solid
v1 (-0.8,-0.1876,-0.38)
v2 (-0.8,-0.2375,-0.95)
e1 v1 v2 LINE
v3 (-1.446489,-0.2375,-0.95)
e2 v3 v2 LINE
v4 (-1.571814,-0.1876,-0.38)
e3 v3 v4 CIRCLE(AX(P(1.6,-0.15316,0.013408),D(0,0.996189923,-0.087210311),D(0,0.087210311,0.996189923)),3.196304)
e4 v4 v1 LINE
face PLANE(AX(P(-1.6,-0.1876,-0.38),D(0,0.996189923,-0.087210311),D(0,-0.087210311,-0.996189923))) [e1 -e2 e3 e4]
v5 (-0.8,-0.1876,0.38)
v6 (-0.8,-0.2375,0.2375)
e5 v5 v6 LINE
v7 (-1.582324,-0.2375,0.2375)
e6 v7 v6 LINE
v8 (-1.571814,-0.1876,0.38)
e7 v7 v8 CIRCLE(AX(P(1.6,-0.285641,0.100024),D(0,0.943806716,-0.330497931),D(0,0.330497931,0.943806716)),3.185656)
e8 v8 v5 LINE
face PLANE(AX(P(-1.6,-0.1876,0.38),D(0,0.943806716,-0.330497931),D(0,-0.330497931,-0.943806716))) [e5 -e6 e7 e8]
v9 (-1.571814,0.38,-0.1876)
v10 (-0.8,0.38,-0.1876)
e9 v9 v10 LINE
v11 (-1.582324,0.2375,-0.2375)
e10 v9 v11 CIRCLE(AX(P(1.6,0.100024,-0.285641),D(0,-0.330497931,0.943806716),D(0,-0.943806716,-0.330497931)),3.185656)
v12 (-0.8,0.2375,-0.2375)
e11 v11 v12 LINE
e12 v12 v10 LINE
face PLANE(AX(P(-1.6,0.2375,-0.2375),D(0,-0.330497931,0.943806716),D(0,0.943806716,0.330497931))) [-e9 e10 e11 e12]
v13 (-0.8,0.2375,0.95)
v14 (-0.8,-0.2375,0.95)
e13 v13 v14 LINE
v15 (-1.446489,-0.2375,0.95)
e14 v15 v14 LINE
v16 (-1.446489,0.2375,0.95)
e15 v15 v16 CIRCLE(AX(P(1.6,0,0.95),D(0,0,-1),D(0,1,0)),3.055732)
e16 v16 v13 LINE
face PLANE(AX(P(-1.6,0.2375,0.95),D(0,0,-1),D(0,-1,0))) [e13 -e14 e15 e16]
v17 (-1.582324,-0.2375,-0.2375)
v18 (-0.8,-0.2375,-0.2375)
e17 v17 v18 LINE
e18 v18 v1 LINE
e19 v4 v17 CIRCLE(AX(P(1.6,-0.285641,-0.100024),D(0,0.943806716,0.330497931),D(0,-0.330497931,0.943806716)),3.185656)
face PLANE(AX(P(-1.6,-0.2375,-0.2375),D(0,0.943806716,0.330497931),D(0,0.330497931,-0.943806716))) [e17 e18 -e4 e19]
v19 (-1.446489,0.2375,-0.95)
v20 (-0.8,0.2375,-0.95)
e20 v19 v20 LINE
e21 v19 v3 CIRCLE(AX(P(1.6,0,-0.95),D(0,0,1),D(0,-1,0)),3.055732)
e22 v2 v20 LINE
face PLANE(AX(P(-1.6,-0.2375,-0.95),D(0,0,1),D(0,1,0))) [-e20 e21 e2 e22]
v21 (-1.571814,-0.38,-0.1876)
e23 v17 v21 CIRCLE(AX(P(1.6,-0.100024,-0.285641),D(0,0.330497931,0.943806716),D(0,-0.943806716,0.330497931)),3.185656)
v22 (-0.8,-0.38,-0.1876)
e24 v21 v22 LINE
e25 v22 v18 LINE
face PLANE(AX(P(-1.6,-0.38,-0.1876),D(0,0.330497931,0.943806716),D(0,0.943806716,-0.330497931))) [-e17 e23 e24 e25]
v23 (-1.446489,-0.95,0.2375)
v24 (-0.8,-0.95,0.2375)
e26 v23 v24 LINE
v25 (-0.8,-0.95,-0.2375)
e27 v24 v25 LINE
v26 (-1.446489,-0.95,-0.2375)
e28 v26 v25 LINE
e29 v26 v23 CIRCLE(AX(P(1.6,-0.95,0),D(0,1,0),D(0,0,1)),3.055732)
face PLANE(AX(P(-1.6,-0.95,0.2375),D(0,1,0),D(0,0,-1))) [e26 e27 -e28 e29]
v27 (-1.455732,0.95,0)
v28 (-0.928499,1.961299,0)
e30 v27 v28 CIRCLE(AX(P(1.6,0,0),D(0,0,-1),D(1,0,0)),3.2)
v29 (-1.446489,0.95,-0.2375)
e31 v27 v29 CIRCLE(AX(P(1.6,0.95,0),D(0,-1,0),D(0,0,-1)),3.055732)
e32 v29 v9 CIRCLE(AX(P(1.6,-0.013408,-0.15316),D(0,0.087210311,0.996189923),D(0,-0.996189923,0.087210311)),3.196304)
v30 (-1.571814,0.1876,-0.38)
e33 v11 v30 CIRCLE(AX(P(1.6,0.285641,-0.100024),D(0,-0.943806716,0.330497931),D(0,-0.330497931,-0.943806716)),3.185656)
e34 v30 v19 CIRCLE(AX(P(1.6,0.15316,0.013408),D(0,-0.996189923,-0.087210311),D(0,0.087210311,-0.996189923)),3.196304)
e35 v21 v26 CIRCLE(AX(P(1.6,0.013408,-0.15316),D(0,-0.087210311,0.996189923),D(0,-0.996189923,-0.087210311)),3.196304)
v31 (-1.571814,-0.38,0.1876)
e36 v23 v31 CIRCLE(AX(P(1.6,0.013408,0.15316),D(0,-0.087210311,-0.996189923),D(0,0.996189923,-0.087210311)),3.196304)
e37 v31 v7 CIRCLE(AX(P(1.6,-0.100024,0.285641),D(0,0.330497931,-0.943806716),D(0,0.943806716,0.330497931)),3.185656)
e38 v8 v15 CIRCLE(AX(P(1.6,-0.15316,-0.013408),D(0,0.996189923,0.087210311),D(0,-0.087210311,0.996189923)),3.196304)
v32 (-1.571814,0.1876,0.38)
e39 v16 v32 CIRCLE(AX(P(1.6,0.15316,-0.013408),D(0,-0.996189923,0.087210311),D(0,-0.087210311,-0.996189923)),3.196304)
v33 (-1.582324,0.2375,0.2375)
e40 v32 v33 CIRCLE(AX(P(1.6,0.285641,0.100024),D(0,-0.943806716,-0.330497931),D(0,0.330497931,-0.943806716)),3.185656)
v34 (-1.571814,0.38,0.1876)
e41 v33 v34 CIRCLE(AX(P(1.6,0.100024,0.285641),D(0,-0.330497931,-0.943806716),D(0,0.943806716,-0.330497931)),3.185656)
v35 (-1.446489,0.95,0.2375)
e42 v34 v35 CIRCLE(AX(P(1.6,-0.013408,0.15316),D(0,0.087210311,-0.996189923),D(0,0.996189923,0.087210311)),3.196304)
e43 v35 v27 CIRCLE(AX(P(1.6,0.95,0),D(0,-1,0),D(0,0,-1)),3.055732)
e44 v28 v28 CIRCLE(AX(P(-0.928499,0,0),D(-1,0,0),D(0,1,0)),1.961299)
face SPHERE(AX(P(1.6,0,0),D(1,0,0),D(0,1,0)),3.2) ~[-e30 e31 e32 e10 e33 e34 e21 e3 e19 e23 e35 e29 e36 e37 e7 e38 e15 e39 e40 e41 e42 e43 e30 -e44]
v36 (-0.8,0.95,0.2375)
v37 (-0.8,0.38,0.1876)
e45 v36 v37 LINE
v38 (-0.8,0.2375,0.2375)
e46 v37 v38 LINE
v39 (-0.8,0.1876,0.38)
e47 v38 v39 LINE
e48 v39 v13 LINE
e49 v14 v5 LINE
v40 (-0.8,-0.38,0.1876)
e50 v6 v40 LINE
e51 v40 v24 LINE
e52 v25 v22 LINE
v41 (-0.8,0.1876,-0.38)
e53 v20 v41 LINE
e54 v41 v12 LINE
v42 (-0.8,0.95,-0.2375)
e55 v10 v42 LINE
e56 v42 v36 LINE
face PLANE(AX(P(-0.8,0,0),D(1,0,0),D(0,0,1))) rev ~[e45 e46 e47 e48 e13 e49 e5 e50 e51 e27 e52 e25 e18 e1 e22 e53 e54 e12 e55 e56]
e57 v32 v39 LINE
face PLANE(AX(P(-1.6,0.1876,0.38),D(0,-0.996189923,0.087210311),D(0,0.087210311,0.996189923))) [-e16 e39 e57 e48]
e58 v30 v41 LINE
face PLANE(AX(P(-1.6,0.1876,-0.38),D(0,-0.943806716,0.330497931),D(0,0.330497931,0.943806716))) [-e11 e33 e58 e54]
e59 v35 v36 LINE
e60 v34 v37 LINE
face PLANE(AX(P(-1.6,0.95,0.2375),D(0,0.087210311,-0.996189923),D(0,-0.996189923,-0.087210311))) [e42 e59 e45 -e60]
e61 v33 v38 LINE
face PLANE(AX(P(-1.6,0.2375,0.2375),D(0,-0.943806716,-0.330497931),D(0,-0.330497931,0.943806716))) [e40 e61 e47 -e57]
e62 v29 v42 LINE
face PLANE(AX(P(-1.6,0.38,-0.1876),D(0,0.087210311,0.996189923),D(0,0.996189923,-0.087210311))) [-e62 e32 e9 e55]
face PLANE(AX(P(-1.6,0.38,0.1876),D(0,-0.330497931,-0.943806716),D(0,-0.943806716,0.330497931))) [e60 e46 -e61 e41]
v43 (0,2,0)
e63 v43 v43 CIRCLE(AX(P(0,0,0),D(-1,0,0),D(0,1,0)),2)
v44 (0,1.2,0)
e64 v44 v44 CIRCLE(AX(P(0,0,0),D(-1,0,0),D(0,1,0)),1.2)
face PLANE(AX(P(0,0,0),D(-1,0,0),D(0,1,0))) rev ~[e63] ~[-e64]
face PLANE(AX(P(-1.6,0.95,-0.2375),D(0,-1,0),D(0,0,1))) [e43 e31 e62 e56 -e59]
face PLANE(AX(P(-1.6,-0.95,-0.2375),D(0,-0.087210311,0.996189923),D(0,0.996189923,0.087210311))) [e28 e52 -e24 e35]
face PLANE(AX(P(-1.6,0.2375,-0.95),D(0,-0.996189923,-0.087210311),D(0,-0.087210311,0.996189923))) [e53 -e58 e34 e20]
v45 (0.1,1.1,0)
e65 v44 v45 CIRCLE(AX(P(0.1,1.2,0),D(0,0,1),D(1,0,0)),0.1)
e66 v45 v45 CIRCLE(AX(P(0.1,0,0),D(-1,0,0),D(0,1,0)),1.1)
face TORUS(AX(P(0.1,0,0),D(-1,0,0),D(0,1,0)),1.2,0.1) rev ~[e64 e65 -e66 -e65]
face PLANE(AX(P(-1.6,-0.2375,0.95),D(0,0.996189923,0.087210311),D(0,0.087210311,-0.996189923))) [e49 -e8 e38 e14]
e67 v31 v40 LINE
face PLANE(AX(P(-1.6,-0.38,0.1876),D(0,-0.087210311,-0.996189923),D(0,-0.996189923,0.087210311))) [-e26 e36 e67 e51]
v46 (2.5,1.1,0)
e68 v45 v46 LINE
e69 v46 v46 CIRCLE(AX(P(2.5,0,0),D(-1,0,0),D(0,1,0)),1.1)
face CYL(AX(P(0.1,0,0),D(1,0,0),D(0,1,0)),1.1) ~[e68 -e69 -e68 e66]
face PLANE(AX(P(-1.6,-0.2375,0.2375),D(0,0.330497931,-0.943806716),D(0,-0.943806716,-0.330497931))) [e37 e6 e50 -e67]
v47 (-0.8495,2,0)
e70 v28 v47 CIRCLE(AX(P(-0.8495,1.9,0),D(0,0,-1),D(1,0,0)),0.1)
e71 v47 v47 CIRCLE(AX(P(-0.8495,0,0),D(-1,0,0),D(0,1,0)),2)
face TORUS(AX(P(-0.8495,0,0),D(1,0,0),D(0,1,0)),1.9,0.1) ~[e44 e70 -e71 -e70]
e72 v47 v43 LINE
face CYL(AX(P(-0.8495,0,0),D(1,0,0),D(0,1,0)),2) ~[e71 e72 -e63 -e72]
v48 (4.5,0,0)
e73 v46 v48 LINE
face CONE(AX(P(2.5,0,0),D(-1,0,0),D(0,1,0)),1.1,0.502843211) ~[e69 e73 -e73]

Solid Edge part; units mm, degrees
sketch "Sketch1" plane through (0, 0, 0) normal (0, 0, 1) x (1, 0, 0)
  arc A0 (-1.6, 0) -> (-0.9285, 1.9613) centre (1.6, 0) cw
  arc A1 (-0.9285, 1.9613) -> (-0.8495, 2) centre (-0.8495, 1.9) cw
  line L0 (-0.8495, 2) -> (0, 2)
  line L1 (0, 2) -> (0, 1.2)
  arc A2 (0, 1.2) -> (0.1, 1.1) centre (0.1, 1.2) ccw
  line L2 (0.1, 1.1) -> (2.5, 1.1)
  line L3 (2.5, 1.1) -> (4.5, 0)
  line L4 (4.5, 0) -> (-1.6, 0)
revolve "RevolvedProtrusion1" add sketch "Sketch1" angle 360 about axis through (4.5, 0, 0) along (-1, 0, 0)
cosmetic_thread "Thread1" size "M2.2"
sketch "Sketch2" plane through (-1.6, 0, 0) normal (1, 0, 0) x (0, 1, 0)
  line L0 (0.2375, 0.95) -> (-0.2375, 0.95)
  line L1 (-0.2375, 0.95) -> (-0.1876, 0.38)
  line L2 (-0.1876, 0.38) -> (-0.2375, 0.2375)
  line L3 (-0.2375, 0.2375) -> (-0.38, 0.1876)
  line L4 (-0.38, 0.1876) -> (-0.95, 0.2375)
  line L5 (-0.95, 0.2375) -> (-0.95, -0.2375)
  line L6 (-0.95, -0.2375) -> (-0.38, -0.1876)
  line L7 (-0.38, -0.1876) -> (-0.2375, -0.2375)
  line L8 (-0.2375, -0.2375) -> (-0.1876, -0.38)
  line L9 (-0.1876, -0.38) -> (-0.2375, -0.95)
  line L10 (-0.2375, -0.95) -> (0.2375, -0.95)
  line L11 (0.2375, -0.95) -> (0.1876, -0.38)
  line L12 (0.1876, -0.38) -> (0.2375, -0.2375)
  line L13 (0.2375, -0.2375) -> (0.38, -0.1876)
  line L14 (0.38, -0.1876) -> (0.95, -0.2375)
  line L15 (0.95, -0.2375) -> (0.95, 0.2375)
  line L16 (0.95, 0.2375) -> (0.38, 0.1876)
  line L17 (0.38, 0.1876) -> (0.2375, 0.2375)
  line L18 (0.2375, 0.2375) -> (0.1876, 0.38)
  line L19 (0.1876, 0.38) -> (0.2375, 0.95)
extrude "ExtrudedCutout_1" cut sketch "Sketch2" along normal blind 0.8
properties part number "SFS FN 362 310412 Blechschraube ISO 7049 Stahl einsatzgehärtet   verzinkt blau ST2.2x4.5-C-H"
